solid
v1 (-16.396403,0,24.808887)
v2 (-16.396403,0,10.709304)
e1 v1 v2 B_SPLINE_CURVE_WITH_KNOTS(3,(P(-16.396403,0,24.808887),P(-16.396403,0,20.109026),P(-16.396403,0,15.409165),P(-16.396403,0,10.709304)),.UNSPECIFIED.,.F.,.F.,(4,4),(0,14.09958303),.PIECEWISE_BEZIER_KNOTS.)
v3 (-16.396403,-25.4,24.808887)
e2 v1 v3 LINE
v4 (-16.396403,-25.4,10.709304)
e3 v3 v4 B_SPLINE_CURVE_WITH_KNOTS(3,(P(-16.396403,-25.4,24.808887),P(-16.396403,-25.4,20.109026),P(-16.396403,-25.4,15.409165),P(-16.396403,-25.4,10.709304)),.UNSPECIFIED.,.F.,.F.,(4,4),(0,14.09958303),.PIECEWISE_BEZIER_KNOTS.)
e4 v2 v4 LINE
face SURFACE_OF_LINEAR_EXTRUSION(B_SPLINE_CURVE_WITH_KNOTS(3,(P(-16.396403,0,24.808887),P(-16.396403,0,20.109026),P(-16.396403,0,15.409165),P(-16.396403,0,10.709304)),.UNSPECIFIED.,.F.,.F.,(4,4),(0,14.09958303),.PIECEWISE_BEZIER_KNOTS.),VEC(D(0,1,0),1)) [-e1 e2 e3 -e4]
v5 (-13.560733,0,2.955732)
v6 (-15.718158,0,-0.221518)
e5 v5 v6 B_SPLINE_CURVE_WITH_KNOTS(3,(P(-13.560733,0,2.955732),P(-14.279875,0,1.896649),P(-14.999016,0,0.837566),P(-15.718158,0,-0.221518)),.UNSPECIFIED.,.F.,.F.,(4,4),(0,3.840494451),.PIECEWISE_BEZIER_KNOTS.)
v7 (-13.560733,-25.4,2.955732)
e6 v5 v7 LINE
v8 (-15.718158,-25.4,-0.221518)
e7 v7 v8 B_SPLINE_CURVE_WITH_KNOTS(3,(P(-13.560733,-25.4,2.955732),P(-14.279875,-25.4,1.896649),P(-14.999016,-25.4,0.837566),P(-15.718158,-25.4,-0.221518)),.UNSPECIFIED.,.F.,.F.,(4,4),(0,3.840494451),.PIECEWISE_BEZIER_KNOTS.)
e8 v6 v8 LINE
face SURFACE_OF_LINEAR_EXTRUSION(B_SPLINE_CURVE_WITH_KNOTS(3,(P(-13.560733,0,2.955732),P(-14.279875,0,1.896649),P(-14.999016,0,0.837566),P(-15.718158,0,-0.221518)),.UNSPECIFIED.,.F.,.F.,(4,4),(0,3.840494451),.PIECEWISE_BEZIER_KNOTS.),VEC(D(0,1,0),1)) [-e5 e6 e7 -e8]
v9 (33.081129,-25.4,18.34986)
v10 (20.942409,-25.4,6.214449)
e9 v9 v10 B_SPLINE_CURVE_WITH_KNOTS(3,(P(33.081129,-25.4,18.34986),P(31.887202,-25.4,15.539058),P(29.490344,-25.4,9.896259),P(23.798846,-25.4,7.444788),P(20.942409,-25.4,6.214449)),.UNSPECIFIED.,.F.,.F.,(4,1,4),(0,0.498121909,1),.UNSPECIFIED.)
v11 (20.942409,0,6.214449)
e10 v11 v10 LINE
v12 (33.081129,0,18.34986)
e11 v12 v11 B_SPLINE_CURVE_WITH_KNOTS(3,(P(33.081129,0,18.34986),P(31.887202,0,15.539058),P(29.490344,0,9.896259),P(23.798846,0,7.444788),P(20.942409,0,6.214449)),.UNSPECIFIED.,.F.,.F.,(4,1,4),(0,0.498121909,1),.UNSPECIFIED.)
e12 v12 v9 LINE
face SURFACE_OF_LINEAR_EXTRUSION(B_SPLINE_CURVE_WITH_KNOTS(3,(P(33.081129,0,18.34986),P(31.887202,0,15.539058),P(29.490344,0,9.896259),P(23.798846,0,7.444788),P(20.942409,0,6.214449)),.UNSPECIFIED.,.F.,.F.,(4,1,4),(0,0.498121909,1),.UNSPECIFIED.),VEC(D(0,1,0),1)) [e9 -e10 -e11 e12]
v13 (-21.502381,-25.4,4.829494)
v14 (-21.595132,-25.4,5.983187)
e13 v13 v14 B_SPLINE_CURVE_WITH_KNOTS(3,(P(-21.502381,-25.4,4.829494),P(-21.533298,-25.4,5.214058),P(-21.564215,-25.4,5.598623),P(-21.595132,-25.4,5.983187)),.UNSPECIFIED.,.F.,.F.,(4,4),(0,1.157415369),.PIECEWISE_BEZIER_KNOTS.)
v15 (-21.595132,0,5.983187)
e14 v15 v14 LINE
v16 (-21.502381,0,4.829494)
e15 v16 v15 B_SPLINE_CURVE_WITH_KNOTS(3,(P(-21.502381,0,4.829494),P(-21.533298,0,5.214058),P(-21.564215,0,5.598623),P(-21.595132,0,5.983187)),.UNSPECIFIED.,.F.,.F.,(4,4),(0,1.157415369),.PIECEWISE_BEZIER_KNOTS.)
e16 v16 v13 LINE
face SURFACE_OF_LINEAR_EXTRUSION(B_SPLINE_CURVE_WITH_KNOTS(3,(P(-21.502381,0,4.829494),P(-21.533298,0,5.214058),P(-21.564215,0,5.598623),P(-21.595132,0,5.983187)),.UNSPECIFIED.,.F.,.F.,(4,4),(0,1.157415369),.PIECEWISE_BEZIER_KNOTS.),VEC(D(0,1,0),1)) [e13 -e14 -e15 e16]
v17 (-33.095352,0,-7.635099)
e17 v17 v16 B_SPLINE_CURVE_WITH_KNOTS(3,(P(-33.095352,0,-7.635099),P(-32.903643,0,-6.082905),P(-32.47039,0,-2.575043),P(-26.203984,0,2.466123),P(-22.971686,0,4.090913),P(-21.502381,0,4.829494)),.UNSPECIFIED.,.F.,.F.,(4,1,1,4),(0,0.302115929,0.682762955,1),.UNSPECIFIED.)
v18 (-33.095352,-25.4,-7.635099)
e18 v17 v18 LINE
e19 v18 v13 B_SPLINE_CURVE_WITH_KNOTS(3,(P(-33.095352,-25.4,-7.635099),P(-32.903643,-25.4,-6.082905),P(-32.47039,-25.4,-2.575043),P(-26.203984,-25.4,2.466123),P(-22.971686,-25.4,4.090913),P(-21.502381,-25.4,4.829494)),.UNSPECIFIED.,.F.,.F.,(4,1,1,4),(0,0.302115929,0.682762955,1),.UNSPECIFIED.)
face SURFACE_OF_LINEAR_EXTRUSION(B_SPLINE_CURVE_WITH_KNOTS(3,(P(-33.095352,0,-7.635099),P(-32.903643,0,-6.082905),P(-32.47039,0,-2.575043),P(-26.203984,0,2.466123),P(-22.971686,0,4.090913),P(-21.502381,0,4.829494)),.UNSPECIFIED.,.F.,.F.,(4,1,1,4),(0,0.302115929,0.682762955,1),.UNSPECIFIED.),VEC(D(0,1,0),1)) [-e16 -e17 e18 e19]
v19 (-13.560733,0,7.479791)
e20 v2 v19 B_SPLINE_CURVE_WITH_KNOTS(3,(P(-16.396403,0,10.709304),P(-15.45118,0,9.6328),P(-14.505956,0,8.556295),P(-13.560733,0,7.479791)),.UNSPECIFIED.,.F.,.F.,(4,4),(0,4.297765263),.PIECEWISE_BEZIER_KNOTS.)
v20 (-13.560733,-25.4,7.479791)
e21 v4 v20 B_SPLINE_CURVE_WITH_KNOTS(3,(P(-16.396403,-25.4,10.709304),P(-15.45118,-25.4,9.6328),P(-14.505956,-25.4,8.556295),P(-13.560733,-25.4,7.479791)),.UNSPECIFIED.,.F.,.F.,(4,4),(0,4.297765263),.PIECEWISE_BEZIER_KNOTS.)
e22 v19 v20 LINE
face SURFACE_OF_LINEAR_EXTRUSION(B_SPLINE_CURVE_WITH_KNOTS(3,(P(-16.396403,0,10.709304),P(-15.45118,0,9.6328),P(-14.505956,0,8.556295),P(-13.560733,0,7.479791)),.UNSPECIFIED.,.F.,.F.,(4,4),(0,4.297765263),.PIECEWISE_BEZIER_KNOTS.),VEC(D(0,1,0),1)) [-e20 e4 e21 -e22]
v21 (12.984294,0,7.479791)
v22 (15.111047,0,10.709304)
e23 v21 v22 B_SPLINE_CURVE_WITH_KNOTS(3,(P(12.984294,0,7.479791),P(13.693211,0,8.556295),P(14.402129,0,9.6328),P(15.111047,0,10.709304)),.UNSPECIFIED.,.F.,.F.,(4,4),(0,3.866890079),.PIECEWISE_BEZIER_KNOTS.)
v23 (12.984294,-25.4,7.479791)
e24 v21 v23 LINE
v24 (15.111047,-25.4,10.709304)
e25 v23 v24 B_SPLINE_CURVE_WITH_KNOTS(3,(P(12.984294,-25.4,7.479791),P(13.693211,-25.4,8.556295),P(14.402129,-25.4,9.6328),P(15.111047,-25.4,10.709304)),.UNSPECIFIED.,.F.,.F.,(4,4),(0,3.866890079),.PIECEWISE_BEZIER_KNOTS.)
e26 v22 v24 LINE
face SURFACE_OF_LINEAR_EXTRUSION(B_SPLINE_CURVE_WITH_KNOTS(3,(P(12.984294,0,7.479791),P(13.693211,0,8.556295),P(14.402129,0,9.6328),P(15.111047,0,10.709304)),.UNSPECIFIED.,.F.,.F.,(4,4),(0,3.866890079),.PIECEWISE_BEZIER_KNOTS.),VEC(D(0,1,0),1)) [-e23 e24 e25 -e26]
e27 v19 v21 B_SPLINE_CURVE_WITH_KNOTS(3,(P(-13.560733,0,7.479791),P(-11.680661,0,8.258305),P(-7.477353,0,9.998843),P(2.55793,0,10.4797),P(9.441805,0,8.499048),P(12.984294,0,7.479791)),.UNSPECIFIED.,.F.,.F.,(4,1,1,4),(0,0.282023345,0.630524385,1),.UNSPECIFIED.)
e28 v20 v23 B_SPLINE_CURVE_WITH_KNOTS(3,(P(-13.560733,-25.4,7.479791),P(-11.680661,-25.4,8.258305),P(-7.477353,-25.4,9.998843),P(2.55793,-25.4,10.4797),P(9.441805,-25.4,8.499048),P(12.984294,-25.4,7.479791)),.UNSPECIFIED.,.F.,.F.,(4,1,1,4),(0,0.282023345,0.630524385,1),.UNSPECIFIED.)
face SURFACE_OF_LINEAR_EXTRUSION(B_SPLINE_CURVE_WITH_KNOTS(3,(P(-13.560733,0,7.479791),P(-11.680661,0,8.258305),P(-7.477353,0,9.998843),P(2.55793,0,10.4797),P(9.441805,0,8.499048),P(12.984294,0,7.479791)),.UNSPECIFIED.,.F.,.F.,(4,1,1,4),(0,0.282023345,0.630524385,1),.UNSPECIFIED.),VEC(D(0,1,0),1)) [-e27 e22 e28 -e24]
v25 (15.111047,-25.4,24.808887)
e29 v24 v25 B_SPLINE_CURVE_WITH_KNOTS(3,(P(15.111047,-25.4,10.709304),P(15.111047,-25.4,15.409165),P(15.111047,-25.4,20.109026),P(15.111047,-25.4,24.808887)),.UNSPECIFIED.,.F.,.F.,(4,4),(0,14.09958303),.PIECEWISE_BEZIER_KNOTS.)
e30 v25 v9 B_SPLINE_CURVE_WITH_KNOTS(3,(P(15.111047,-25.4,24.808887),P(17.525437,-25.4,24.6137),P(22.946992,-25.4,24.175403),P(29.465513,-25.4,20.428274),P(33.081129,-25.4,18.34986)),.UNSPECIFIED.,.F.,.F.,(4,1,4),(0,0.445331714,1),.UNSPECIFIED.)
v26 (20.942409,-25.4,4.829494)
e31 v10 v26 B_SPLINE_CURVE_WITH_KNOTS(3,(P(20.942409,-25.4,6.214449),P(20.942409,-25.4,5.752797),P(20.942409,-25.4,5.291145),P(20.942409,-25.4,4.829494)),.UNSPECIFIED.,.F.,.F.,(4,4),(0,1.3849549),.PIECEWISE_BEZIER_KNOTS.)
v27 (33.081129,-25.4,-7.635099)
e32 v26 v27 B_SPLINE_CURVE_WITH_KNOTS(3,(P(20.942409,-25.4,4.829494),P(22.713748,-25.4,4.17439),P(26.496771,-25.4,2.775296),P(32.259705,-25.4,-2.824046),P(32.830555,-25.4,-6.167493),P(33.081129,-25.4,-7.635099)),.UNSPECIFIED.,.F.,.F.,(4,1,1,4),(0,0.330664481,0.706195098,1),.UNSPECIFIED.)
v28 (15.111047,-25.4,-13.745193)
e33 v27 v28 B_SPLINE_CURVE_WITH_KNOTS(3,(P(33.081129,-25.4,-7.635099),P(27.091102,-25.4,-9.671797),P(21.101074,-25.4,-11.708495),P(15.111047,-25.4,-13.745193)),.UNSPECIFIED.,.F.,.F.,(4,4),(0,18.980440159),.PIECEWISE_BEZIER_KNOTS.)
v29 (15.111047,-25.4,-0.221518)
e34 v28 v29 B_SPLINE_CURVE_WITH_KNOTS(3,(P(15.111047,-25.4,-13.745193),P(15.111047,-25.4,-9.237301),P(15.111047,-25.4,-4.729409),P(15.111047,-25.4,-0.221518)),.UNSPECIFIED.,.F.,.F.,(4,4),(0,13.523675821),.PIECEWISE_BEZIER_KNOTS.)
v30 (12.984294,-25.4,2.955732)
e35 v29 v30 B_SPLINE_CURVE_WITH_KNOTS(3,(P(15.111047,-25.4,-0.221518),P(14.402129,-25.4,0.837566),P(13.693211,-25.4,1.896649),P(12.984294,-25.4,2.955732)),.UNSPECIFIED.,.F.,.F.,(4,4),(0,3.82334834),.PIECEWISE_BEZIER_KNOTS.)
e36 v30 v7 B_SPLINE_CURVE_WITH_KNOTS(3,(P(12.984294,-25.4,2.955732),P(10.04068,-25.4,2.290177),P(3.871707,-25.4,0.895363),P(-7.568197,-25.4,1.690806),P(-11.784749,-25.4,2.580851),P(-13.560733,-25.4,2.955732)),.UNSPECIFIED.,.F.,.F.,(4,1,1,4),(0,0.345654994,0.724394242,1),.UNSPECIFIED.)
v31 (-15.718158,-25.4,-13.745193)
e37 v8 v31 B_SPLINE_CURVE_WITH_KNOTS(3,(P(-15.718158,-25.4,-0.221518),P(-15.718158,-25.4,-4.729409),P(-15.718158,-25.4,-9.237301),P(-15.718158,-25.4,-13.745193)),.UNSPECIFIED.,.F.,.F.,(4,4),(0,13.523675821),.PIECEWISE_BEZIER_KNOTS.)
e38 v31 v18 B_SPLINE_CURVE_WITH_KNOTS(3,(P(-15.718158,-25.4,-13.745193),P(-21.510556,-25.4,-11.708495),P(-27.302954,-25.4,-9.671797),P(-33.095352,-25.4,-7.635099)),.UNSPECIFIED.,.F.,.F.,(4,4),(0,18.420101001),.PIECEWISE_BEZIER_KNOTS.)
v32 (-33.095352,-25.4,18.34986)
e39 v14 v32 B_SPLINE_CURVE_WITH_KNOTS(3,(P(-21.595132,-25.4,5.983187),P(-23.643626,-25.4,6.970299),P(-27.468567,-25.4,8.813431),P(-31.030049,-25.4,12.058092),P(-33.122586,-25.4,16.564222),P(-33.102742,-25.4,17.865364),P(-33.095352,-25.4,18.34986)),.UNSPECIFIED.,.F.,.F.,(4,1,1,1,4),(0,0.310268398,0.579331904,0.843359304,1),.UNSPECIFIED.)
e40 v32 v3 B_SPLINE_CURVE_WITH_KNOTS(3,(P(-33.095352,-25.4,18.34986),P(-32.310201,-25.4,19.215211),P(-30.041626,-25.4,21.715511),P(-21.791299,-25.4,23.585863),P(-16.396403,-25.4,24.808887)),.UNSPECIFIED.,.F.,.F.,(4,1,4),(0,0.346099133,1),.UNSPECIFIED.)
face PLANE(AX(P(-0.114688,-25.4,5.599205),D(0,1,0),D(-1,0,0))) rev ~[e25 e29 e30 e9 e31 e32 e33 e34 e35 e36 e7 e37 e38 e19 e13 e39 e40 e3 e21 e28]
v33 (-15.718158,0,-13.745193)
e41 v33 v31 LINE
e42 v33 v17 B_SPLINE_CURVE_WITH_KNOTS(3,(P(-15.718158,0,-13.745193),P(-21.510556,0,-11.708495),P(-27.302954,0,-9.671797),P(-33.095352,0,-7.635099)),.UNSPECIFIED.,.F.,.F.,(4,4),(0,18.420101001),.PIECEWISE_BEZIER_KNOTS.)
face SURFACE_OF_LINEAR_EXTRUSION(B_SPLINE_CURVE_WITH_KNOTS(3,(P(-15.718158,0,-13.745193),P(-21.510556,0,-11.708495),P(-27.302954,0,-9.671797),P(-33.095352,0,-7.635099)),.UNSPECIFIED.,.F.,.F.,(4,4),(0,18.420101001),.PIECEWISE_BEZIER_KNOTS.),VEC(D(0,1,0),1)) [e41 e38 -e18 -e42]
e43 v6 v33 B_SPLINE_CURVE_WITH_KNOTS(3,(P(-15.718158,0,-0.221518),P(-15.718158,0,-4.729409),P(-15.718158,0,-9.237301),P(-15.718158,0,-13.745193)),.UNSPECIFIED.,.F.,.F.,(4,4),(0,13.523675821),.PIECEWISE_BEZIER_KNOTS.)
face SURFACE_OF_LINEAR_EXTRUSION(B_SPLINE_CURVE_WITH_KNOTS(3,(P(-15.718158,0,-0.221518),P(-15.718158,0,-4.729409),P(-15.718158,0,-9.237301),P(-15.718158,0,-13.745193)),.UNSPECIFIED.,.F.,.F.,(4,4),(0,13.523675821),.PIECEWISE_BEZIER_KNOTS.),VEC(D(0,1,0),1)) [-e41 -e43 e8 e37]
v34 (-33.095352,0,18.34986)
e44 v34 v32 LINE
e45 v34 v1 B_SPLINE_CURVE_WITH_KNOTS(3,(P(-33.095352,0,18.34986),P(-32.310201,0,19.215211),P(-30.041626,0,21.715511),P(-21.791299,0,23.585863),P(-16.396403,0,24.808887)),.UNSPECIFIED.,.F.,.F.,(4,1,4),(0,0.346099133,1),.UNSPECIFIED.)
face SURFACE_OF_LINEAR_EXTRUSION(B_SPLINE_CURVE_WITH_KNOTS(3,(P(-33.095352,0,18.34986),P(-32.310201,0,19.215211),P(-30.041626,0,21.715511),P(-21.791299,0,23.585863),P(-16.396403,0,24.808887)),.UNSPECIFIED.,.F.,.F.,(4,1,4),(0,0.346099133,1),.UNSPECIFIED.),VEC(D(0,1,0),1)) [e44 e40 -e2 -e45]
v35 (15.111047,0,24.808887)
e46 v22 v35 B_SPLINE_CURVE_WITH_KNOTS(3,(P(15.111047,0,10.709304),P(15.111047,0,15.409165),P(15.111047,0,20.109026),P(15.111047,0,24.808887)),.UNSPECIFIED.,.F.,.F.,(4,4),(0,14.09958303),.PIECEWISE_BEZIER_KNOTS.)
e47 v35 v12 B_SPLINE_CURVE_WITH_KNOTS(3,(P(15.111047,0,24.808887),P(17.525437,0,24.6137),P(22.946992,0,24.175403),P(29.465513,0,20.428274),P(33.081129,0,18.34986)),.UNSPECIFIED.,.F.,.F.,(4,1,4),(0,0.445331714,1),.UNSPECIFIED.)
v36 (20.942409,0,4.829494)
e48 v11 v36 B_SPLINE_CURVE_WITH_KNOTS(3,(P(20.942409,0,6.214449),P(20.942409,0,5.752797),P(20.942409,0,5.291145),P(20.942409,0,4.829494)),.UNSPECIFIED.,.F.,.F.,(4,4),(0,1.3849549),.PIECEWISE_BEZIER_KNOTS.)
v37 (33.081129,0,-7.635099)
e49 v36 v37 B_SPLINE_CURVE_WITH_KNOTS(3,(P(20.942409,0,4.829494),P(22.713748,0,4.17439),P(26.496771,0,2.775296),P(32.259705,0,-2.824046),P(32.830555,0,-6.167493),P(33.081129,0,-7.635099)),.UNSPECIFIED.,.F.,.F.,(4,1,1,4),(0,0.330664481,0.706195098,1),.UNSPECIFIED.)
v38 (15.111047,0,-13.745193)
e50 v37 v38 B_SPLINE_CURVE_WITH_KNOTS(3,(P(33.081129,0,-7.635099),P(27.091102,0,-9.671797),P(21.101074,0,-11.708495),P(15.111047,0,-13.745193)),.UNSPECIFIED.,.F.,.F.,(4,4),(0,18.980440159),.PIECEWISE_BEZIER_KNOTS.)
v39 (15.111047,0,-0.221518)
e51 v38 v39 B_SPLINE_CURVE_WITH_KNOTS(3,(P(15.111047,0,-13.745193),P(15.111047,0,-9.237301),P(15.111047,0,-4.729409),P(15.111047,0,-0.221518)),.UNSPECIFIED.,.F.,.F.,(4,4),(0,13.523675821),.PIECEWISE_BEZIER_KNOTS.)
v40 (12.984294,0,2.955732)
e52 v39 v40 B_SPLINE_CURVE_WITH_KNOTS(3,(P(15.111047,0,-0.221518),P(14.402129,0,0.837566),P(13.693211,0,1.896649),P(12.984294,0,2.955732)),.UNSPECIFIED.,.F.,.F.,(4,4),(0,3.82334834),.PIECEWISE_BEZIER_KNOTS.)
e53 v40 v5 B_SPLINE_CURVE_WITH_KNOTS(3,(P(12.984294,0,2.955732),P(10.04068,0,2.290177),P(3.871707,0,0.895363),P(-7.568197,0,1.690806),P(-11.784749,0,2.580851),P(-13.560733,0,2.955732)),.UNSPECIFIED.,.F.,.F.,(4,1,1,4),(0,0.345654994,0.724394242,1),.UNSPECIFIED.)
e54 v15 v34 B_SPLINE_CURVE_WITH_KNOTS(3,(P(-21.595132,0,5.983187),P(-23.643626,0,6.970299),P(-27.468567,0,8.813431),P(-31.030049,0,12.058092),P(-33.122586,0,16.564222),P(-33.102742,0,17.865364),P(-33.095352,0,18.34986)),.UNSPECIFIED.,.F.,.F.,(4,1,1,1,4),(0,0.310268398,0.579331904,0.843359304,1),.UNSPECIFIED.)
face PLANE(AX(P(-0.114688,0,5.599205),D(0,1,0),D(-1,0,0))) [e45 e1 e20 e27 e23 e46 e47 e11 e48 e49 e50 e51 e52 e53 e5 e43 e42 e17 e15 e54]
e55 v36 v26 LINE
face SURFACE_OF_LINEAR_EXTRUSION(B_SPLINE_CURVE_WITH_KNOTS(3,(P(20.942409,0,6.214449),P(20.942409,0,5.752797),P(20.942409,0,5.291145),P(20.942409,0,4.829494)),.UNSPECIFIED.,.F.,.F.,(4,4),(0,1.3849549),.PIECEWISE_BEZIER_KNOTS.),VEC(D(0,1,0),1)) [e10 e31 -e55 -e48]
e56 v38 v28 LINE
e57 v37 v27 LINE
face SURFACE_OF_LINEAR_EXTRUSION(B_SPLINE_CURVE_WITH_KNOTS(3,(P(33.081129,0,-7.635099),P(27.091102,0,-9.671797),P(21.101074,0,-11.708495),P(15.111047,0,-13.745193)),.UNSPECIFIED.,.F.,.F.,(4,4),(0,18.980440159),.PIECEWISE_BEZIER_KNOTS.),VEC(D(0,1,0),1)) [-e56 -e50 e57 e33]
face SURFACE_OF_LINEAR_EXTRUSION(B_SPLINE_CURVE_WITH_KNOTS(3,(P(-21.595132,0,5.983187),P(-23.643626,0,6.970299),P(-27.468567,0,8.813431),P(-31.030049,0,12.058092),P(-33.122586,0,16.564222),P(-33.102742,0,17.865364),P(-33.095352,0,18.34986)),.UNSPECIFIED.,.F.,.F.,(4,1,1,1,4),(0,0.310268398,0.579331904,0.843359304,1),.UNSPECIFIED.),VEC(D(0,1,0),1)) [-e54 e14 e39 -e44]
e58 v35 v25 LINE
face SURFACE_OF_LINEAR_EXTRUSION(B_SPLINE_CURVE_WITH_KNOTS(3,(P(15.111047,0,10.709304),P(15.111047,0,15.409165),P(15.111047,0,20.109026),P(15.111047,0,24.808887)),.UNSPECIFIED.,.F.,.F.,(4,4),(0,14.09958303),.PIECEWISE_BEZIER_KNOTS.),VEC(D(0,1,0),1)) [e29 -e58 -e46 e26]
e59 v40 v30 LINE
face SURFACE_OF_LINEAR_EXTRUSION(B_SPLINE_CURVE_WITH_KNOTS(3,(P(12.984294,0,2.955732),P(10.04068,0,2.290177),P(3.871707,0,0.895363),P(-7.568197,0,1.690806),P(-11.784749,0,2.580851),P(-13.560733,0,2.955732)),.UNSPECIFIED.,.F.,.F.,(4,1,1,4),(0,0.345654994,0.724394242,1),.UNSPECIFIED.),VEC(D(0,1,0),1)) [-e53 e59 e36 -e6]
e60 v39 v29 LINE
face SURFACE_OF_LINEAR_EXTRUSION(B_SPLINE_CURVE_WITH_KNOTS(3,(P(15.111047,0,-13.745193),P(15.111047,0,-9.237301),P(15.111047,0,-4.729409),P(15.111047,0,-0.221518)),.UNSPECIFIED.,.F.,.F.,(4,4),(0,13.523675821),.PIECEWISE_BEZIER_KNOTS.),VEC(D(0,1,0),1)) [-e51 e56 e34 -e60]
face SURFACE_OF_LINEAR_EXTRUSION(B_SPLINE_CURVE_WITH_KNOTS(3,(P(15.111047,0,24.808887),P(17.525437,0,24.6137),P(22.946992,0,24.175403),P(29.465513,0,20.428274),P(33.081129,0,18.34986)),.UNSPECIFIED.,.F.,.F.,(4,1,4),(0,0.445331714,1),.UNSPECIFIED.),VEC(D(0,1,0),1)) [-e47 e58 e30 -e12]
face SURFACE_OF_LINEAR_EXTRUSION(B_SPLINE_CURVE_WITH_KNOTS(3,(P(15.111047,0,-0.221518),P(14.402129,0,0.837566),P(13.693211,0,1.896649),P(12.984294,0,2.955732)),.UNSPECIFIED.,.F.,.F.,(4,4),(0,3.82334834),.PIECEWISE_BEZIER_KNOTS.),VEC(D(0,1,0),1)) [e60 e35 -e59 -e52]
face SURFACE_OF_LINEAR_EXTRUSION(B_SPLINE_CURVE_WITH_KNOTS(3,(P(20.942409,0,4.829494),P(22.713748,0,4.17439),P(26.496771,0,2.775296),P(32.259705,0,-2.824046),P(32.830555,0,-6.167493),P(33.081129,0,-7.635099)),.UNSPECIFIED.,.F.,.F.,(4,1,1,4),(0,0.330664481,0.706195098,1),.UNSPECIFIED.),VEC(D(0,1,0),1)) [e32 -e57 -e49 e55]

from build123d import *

# Parameters (mm, degrees)
F1_DEPTH = 25.4


with BuildPart() as f1:
    # F0 (on Front) → F1 (new body)
    with BuildSketch(Plane.XZ):
        with BuildLine():
            add(Edge.make_bspline(
                [(-21.5951316059, 5.9831868857), (-23.6436263111, 6.9702990988), (-27.468567384, 8.8134310521), (-31.0300492604, 12.0580921365), (-33.122585586, 16.5642223308), (-33.1027415216, 17.865364374), (-33.0953523517, 18.3498598635)],
                knots=[0, 0, 0, 0, 0.3102683978, 0.5793319042, 0.8433593042, 1, 1, 1, 1], degree=3))
            add(Edge.make_bspline(
                [(-21.5023811907, 4.8294938169), (-21.5332979957, 5.2140581732), (-21.5642148008, 5.5986225295), (-21.5951316059, 5.9831868857)],
                knots=[0, 0, 0, 0, 1.157415369, 1.157415369, 1.157415369, 1.157415369], degree=3))
            add(Edge.make_bspline(
                [(-33.0953523517, -7.6350993477), (-32.9036425545, -6.0829048451), (-32.4703904986, -2.5750431208), (-26.2039841368, 2.46612334), (-22.971686284, 4.0909133117), (-21.5023811907, 4.8294938169)],
                knots=[0, 0, 0, 0, 0.3021159295, 0.682762955, 1, 1, 1, 1], degree=3))
            add(Edge.make_bspline(
                [(-15.7181583345, -13.7451933697), (-21.5105563402, -11.7084953624), (-27.3029543459, -9.671797355), (-33.0953523517, -7.6350993477)],
                knots=[0, 0, 0, 0, 18.4201010005, 18.4201010005, 18.4201010005, 18.4201010005], degree=3))
            add(Edge.make_bspline(
                [(-15.7181583345, -0.2215175482), (-15.7181583345, -4.7294094887), (-15.7181583345, -9.2373014292), (-15.7181583345, -13.7451933697)],
                knots=[0, 0, 0, 0, 13.5236758215, 13.5236758215, 13.5236758215, 13.5236758215], degree=3))
            add(Edge.make_bspline(
                [(-13.5607328266, 2.955731703), (-14.2798746626, 1.8966486192), (-14.9990164985, 0.8375655355), (-15.7181583345, -0.2215175482)],
                knots=[0, 0, 0, 0, 3.8404944507, 3.8404944507, 3.8404944507, 3.8404944507], degree=3))
            add(Edge.make_bspline(
                [(12.984293513, 2.955731703), (10.0406802683, 2.2901765575), (3.8717068002, 0.8953628737), (-7.5681974041, 1.690805934), (-11.7847492692, 2.5808507538), (-13.5607328266, 2.955731703)],
                knots=[0, 0, 0, 0, 0.3456549938, 0.7243942423, 1, 1, 1, 1], degree=3))
            add(Edge.make_bspline(
                [(15.1110468432, -0.2215175482), (14.4021290665, 0.8375655355), (13.6932112897, 1.8966486192), (12.984293513, 2.955731703)],
                knots=[0, 0, 0, 0, 3.8233483404, 3.8233483404, 3.8233483404, 3.8233483404], degree=3))
            add(Edge.make_bspline(
                [(15.1110468432, -13.7451933697), (15.1110468432, -9.2373014292), (15.1110468432, -4.7294094887), (15.1110468432, -0.2215175482)],
                knots=[0, 0, 0, 0, 13.5236758215, 13.5236758215, 13.5236758215, 13.5236758215], degree=3))
            add(Edge.make_bspline(
                [(33.0811291933, -7.6350993477), (27.0911017433, -9.671797355), (21.1010742933, -11.7084953624), (15.1110468432, -13.7451933697)],
                knots=[0, 0, 0, 0, 18.9804401589, 18.9804401589, 18.9804401589, 18.9804401589], degree=3))
            add(Edge.make_bspline(
                [(20.9424085915, 4.8294938169), (22.7137481964, 4.1743902504), (26.4967712183, 2.7752955386), (32.2597045801, -2.8240458218), (32.8305545387, -6.1674928796), (33.0811291933, -7.6350993477)],
                knots=[0, 0, 0, 0, 0.3306644812, 0.7061950976, 1, 1, 1, 1], degree=3))
            add(Edge.make_bspline(
                [(20.9424085915, 6.2144487165), (20.9424085915, 5.7527970833), (20.9424085915, 5.2911454501), (20.9424085915, 4.8294938169)],
                knots=[0, 0, 0, 0, 1.3849548995, 1.3849548995, 1.3849548995, 1.3849548995], degree=3))
            add(Edge.make_bspline(
                [(33.0811291933, 18.3498598635), (31.8872017971, 15.5390581715), (29.4903439724, 9.8962594132), (23.7988464837, 7.4447883385), (20.9424085915, 6.2144487165)],
                knots=[0, 0, 0, 0, 0.4981219094, 1, 1, 1, 1], degree=3))
            add(Edge.make_bspline(
                [(15.1110468432, 24.8088873923), (17.5254372599, 24.6136997799), (22.9469923423, 24.1754026492), (29.4655126861, 20.4282735429), (33.0811291933, 18.3498598635)],
                knots=[0, 0, 0, 0, 0.4453317139, 1, 1, 1, 1], degree=3))
            add(Edge.make_bspline(
                [(15.1110468432, 10.7093043625), (15.1110468432, 15.4091653725), (15.1110468432, 20.1090263824), (15.1110468432, 24.8088873923)],
                knots=[0, 0, 0, 0, 14.0995830297, 14.0995830297, 14.0995830297, 14.0995830297], degree=3))
            add(Edge.make_bspline(
                [(12.984293513, 7.4797905982), (13.6932112897, 8.5562951863), (14.4021290665, 9.6327997744), (15.1110468432, 10.7093043625)],
                knots=[0, 0, 0, 0, 3.8668900789, 3.8668900789, 3.8668900789, 3.8668900789], degree=3))
            add(Edge.make_bspline(
                [(-13.5607328266, 7.4797905982), (-11.6806612578, 8.2583050457), (-7.4773532959, 9.9988430284), (2.5579302939, 10.4797003147), (9.4418051979, 8.4990477345), (12.984293513, 7.4797905982)],
                knots=[0, 0, 0, 0, 0.2820233447, 0.6305243853, 1, 1, 1, 1], degree=3))
            add(Edge.make_bspline(
                [(-16.3964033127, 10.7093043625), (-15.4511798173, 9.6327997744), (-14.505956322, 8.5562951863), (-13.5607328266, 7.4797905982)],
                knots=[0, 0, 0, 0, 4.2977652635, 4.2977652635, 4.2977652635, 4.2977652635], degree=3))
            add(Edge.make_bspline(
                [(-16.3964033127, 24.8088873923), (-16.3964033127, 20.1090263824), (-16.3964033127, 15.4091653725), (-16.3964033127, 10.7093043625)],
                knots=[0, 0, 0, 0, 14.0995830297, 14.0995830297, 14.0995830297, 14.0995830297], degree=3))
            add(Edge.make_bspline(
                [(-33.0953523517, 18.3498598635), (-32.3102007083, 19.2152114266), (-30.0416262769, 21.7155111416), (-21.7912992866, 23.5858628126), (-16.3964033127, 24.8088873923)],
                knots=[0, 0, 0, 0, 0.3460991328, 1, 1, 1, 1], degree=3))
        make_face()
    extrude(amount=F1_DEPTH)


solid = f1.part
